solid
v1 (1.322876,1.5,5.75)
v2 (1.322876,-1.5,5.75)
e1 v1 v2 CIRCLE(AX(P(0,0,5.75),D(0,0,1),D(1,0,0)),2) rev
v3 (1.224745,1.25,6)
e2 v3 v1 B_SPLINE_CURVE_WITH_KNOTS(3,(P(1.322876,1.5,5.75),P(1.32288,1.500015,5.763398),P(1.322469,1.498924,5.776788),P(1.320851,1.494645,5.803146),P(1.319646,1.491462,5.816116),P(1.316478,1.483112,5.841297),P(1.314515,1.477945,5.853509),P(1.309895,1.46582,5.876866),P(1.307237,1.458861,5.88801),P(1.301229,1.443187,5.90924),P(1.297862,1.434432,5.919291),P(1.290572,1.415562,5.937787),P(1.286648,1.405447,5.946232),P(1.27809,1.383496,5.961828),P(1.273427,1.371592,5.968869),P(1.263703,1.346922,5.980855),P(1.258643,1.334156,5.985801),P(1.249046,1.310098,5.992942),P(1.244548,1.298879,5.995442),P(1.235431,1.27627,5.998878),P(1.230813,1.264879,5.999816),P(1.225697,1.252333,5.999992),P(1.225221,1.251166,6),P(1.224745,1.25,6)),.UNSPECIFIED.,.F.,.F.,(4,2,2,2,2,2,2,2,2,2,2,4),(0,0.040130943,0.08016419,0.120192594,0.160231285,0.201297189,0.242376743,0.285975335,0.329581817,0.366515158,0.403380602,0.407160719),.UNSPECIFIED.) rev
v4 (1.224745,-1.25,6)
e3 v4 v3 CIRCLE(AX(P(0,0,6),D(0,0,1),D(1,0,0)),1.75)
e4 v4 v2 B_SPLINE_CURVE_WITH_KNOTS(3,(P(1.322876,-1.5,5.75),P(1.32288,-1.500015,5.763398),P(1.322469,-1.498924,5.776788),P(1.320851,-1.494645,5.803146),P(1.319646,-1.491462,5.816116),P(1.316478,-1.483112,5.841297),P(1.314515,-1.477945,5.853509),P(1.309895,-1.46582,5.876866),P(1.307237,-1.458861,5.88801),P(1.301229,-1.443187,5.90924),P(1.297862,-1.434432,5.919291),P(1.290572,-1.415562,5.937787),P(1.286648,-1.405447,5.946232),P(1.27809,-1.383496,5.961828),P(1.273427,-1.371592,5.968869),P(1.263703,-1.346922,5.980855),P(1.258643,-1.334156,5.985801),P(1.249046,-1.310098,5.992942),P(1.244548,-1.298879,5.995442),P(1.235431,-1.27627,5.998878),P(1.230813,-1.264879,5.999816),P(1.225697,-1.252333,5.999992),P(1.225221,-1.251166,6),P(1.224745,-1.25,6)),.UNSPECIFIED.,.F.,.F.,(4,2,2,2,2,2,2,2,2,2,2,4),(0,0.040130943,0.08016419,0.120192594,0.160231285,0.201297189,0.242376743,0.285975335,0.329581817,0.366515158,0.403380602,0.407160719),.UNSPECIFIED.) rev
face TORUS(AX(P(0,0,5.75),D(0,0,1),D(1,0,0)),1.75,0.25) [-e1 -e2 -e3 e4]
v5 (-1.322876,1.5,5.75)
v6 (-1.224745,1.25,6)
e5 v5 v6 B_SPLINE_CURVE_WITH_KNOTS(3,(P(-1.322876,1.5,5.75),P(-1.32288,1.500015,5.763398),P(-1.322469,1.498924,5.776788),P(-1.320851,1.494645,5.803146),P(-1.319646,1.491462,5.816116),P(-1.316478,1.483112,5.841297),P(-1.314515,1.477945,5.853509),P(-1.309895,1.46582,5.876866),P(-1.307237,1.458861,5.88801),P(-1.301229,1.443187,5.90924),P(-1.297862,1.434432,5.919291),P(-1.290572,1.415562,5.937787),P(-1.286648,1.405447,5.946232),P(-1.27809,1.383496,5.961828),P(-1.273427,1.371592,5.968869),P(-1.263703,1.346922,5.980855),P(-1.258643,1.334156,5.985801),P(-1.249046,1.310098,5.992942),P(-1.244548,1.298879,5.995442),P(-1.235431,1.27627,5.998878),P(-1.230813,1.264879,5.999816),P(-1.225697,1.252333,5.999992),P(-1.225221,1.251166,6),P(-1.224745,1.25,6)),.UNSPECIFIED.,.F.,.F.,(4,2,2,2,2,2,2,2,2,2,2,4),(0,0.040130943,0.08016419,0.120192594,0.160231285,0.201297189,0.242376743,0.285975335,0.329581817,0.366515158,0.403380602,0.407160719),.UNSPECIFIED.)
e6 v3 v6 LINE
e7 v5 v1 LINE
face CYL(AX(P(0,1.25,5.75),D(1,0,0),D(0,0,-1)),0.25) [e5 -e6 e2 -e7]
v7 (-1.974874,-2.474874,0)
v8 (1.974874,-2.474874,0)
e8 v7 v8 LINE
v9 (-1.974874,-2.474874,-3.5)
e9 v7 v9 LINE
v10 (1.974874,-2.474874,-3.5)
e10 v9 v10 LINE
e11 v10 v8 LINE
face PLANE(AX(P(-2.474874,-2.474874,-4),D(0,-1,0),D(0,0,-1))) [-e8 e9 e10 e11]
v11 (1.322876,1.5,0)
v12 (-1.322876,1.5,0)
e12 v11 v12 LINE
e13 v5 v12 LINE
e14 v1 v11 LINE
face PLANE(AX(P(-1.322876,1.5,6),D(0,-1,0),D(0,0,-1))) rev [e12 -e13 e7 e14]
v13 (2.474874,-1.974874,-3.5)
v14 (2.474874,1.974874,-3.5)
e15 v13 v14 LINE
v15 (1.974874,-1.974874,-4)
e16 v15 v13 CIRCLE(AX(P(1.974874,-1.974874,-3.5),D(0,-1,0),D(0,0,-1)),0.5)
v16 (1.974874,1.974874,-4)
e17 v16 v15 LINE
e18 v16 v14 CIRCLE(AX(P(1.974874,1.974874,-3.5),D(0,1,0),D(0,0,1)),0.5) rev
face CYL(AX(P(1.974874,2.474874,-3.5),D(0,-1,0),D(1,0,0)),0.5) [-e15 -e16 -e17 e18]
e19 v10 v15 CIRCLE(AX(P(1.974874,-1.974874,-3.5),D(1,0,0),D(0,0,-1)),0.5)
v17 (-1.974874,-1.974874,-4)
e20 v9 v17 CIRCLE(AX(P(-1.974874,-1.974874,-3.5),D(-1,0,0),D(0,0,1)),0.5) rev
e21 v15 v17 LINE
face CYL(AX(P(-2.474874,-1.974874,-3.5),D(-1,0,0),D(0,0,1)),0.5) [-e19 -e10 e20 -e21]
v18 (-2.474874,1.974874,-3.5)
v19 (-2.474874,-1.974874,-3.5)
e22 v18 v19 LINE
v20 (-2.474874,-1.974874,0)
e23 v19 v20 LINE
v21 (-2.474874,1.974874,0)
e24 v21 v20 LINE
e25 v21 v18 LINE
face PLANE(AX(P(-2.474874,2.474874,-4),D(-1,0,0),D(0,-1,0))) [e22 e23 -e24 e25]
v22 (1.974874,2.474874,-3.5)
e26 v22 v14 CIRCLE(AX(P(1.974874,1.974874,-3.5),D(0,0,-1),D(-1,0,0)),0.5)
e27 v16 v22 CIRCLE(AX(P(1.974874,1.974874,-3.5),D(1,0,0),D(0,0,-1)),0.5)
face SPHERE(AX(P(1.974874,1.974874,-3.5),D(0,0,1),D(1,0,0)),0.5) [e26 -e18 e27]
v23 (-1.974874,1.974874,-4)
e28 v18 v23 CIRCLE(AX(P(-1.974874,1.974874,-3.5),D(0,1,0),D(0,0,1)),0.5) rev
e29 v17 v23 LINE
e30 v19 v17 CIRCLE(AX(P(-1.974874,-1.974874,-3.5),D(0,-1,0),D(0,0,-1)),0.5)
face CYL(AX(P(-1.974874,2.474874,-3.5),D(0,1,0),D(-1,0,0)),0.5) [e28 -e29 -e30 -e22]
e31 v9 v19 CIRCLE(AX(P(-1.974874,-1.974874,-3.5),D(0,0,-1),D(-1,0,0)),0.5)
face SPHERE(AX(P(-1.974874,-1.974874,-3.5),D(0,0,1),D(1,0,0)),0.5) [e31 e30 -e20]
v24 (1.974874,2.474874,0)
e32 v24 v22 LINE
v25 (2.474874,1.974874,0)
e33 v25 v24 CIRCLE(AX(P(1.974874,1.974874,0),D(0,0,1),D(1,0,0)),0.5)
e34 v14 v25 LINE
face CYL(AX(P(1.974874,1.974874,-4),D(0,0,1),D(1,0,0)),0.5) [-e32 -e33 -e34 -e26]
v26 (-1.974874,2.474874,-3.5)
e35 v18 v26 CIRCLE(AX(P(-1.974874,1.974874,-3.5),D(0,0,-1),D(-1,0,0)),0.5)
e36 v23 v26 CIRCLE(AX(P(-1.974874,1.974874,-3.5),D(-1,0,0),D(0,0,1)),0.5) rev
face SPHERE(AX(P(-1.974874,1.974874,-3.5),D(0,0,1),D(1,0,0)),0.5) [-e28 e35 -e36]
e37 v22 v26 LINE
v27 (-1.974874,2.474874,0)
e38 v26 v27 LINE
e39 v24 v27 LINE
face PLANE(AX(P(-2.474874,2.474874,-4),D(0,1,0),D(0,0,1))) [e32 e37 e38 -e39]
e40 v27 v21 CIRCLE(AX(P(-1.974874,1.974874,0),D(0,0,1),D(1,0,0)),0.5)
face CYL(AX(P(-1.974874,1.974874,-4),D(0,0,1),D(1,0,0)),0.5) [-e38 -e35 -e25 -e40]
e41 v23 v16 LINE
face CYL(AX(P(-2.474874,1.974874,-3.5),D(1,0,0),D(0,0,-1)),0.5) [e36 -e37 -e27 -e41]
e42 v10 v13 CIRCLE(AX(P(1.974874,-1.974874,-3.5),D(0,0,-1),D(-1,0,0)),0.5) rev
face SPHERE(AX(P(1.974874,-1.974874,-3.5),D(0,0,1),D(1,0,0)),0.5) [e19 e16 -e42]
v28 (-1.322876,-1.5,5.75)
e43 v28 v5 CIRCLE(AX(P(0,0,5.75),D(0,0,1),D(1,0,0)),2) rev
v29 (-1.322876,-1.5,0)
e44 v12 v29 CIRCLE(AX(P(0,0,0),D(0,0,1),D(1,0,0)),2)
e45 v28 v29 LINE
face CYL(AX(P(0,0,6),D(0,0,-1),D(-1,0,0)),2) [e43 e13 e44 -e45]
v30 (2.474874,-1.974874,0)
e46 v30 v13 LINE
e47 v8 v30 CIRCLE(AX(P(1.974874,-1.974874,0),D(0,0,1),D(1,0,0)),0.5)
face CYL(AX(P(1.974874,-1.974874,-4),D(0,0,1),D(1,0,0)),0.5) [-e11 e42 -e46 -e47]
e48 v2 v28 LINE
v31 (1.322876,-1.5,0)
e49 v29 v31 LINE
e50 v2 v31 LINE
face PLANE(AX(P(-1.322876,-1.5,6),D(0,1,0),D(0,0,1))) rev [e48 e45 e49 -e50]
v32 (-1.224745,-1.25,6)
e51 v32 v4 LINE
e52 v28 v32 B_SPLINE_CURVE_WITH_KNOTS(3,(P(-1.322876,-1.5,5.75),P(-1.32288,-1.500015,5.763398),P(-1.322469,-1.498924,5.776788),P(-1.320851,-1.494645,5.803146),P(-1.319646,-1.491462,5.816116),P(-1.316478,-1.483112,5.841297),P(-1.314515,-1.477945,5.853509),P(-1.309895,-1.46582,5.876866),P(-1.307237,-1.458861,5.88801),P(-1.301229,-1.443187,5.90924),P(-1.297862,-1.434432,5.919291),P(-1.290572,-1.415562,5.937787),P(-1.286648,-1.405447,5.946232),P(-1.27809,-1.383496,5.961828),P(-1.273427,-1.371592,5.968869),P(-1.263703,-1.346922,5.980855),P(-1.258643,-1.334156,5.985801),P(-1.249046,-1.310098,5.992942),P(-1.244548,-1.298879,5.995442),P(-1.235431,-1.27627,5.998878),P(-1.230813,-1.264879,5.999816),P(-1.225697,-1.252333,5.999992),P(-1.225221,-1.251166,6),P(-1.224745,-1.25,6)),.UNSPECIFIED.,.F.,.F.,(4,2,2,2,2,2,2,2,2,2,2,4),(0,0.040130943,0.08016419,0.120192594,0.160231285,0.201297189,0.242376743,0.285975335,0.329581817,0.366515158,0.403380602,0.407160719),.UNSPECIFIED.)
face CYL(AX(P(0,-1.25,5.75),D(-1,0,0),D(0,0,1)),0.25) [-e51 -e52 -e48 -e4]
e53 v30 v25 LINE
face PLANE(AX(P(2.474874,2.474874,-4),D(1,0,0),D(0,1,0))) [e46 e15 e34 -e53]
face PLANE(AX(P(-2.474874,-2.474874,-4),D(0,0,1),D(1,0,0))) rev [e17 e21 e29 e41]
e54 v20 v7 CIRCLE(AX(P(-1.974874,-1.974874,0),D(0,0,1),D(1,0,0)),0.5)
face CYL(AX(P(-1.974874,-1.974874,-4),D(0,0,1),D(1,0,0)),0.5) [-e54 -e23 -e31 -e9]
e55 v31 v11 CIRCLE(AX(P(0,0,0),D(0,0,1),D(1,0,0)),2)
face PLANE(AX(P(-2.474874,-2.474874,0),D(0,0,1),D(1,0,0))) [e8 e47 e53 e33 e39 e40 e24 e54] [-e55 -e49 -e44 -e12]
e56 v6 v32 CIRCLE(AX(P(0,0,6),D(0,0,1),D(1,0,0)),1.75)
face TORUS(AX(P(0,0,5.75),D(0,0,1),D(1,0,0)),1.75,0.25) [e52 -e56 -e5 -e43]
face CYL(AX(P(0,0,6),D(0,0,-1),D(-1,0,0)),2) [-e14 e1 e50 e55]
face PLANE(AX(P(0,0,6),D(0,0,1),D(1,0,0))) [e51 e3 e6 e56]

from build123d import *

# Parameters (mm, degrees)
ESQUISSE1_W      = 4.949747468
ESQUISSE1_H      = 4.949747468
EXTRUSION1_DEPTH = 4
EXTRUSION5_DEPTH = 6
CONG_1_R         = 0.5
CONG_2_R         = 0.25


with BuildPart() as part:
    # Esquisse1 → Extrusion1 (new body)
    with BuildSketch(Plane.XY):
        Rectangle(ESQUISSE1_W, ESQUISSE1_H)
    extrude(amount=-EXTRUSION1_DEPTH)

    # Esquisse3 → Extrusion5 (add)
    with BuildSketch(Plane.XY):
        with BuildLine():
            Line((-1.322875656, 1.5), (1.322875656, 1.5))
            ThreePointArc((1.322875656, 1.5), (2, 0), (1.322875656, -1.5))
            Line((1.322875656, -1.5), (-1.322875656, -1.5))
            ThreePointArc((-1.322875656, -1.5), (-2, 0), (-1.322875656, 1.5))
        make_face()
    extrude(amount=EXTRUSION5_DEPTH)

    # Congé1
    cong_1_edges = [part.edges().sort_by_distance(p)[0] for p in [
        (2.474873734, 0, -4),
        (0, 2.474873734, -4),
        (-2.474873734, 0, -4),
        (0, -2.474873734, -4),
        (-2.474873734, 2.474873734, -2),
        (2.474873734, 2.474873734, -2),
        (2.474873734, -2.474873734, -2),
        (-2.474873734, -2.474873734, -2),
    ]]
    fillet(cong_1_edges, radius=CONG_1_R)

    # Congé2
    cong_2_edges = [part.edges().sort_by_distance(p)[0] for p in [
        (-2, 0, 6),
        (0, -1.5, 6),
        (2, 0, 6),
        (0, 1.5, 6),
    ]]
    fillet(cong_2_edges, radius=CONG_2_R)


solid = part.part
